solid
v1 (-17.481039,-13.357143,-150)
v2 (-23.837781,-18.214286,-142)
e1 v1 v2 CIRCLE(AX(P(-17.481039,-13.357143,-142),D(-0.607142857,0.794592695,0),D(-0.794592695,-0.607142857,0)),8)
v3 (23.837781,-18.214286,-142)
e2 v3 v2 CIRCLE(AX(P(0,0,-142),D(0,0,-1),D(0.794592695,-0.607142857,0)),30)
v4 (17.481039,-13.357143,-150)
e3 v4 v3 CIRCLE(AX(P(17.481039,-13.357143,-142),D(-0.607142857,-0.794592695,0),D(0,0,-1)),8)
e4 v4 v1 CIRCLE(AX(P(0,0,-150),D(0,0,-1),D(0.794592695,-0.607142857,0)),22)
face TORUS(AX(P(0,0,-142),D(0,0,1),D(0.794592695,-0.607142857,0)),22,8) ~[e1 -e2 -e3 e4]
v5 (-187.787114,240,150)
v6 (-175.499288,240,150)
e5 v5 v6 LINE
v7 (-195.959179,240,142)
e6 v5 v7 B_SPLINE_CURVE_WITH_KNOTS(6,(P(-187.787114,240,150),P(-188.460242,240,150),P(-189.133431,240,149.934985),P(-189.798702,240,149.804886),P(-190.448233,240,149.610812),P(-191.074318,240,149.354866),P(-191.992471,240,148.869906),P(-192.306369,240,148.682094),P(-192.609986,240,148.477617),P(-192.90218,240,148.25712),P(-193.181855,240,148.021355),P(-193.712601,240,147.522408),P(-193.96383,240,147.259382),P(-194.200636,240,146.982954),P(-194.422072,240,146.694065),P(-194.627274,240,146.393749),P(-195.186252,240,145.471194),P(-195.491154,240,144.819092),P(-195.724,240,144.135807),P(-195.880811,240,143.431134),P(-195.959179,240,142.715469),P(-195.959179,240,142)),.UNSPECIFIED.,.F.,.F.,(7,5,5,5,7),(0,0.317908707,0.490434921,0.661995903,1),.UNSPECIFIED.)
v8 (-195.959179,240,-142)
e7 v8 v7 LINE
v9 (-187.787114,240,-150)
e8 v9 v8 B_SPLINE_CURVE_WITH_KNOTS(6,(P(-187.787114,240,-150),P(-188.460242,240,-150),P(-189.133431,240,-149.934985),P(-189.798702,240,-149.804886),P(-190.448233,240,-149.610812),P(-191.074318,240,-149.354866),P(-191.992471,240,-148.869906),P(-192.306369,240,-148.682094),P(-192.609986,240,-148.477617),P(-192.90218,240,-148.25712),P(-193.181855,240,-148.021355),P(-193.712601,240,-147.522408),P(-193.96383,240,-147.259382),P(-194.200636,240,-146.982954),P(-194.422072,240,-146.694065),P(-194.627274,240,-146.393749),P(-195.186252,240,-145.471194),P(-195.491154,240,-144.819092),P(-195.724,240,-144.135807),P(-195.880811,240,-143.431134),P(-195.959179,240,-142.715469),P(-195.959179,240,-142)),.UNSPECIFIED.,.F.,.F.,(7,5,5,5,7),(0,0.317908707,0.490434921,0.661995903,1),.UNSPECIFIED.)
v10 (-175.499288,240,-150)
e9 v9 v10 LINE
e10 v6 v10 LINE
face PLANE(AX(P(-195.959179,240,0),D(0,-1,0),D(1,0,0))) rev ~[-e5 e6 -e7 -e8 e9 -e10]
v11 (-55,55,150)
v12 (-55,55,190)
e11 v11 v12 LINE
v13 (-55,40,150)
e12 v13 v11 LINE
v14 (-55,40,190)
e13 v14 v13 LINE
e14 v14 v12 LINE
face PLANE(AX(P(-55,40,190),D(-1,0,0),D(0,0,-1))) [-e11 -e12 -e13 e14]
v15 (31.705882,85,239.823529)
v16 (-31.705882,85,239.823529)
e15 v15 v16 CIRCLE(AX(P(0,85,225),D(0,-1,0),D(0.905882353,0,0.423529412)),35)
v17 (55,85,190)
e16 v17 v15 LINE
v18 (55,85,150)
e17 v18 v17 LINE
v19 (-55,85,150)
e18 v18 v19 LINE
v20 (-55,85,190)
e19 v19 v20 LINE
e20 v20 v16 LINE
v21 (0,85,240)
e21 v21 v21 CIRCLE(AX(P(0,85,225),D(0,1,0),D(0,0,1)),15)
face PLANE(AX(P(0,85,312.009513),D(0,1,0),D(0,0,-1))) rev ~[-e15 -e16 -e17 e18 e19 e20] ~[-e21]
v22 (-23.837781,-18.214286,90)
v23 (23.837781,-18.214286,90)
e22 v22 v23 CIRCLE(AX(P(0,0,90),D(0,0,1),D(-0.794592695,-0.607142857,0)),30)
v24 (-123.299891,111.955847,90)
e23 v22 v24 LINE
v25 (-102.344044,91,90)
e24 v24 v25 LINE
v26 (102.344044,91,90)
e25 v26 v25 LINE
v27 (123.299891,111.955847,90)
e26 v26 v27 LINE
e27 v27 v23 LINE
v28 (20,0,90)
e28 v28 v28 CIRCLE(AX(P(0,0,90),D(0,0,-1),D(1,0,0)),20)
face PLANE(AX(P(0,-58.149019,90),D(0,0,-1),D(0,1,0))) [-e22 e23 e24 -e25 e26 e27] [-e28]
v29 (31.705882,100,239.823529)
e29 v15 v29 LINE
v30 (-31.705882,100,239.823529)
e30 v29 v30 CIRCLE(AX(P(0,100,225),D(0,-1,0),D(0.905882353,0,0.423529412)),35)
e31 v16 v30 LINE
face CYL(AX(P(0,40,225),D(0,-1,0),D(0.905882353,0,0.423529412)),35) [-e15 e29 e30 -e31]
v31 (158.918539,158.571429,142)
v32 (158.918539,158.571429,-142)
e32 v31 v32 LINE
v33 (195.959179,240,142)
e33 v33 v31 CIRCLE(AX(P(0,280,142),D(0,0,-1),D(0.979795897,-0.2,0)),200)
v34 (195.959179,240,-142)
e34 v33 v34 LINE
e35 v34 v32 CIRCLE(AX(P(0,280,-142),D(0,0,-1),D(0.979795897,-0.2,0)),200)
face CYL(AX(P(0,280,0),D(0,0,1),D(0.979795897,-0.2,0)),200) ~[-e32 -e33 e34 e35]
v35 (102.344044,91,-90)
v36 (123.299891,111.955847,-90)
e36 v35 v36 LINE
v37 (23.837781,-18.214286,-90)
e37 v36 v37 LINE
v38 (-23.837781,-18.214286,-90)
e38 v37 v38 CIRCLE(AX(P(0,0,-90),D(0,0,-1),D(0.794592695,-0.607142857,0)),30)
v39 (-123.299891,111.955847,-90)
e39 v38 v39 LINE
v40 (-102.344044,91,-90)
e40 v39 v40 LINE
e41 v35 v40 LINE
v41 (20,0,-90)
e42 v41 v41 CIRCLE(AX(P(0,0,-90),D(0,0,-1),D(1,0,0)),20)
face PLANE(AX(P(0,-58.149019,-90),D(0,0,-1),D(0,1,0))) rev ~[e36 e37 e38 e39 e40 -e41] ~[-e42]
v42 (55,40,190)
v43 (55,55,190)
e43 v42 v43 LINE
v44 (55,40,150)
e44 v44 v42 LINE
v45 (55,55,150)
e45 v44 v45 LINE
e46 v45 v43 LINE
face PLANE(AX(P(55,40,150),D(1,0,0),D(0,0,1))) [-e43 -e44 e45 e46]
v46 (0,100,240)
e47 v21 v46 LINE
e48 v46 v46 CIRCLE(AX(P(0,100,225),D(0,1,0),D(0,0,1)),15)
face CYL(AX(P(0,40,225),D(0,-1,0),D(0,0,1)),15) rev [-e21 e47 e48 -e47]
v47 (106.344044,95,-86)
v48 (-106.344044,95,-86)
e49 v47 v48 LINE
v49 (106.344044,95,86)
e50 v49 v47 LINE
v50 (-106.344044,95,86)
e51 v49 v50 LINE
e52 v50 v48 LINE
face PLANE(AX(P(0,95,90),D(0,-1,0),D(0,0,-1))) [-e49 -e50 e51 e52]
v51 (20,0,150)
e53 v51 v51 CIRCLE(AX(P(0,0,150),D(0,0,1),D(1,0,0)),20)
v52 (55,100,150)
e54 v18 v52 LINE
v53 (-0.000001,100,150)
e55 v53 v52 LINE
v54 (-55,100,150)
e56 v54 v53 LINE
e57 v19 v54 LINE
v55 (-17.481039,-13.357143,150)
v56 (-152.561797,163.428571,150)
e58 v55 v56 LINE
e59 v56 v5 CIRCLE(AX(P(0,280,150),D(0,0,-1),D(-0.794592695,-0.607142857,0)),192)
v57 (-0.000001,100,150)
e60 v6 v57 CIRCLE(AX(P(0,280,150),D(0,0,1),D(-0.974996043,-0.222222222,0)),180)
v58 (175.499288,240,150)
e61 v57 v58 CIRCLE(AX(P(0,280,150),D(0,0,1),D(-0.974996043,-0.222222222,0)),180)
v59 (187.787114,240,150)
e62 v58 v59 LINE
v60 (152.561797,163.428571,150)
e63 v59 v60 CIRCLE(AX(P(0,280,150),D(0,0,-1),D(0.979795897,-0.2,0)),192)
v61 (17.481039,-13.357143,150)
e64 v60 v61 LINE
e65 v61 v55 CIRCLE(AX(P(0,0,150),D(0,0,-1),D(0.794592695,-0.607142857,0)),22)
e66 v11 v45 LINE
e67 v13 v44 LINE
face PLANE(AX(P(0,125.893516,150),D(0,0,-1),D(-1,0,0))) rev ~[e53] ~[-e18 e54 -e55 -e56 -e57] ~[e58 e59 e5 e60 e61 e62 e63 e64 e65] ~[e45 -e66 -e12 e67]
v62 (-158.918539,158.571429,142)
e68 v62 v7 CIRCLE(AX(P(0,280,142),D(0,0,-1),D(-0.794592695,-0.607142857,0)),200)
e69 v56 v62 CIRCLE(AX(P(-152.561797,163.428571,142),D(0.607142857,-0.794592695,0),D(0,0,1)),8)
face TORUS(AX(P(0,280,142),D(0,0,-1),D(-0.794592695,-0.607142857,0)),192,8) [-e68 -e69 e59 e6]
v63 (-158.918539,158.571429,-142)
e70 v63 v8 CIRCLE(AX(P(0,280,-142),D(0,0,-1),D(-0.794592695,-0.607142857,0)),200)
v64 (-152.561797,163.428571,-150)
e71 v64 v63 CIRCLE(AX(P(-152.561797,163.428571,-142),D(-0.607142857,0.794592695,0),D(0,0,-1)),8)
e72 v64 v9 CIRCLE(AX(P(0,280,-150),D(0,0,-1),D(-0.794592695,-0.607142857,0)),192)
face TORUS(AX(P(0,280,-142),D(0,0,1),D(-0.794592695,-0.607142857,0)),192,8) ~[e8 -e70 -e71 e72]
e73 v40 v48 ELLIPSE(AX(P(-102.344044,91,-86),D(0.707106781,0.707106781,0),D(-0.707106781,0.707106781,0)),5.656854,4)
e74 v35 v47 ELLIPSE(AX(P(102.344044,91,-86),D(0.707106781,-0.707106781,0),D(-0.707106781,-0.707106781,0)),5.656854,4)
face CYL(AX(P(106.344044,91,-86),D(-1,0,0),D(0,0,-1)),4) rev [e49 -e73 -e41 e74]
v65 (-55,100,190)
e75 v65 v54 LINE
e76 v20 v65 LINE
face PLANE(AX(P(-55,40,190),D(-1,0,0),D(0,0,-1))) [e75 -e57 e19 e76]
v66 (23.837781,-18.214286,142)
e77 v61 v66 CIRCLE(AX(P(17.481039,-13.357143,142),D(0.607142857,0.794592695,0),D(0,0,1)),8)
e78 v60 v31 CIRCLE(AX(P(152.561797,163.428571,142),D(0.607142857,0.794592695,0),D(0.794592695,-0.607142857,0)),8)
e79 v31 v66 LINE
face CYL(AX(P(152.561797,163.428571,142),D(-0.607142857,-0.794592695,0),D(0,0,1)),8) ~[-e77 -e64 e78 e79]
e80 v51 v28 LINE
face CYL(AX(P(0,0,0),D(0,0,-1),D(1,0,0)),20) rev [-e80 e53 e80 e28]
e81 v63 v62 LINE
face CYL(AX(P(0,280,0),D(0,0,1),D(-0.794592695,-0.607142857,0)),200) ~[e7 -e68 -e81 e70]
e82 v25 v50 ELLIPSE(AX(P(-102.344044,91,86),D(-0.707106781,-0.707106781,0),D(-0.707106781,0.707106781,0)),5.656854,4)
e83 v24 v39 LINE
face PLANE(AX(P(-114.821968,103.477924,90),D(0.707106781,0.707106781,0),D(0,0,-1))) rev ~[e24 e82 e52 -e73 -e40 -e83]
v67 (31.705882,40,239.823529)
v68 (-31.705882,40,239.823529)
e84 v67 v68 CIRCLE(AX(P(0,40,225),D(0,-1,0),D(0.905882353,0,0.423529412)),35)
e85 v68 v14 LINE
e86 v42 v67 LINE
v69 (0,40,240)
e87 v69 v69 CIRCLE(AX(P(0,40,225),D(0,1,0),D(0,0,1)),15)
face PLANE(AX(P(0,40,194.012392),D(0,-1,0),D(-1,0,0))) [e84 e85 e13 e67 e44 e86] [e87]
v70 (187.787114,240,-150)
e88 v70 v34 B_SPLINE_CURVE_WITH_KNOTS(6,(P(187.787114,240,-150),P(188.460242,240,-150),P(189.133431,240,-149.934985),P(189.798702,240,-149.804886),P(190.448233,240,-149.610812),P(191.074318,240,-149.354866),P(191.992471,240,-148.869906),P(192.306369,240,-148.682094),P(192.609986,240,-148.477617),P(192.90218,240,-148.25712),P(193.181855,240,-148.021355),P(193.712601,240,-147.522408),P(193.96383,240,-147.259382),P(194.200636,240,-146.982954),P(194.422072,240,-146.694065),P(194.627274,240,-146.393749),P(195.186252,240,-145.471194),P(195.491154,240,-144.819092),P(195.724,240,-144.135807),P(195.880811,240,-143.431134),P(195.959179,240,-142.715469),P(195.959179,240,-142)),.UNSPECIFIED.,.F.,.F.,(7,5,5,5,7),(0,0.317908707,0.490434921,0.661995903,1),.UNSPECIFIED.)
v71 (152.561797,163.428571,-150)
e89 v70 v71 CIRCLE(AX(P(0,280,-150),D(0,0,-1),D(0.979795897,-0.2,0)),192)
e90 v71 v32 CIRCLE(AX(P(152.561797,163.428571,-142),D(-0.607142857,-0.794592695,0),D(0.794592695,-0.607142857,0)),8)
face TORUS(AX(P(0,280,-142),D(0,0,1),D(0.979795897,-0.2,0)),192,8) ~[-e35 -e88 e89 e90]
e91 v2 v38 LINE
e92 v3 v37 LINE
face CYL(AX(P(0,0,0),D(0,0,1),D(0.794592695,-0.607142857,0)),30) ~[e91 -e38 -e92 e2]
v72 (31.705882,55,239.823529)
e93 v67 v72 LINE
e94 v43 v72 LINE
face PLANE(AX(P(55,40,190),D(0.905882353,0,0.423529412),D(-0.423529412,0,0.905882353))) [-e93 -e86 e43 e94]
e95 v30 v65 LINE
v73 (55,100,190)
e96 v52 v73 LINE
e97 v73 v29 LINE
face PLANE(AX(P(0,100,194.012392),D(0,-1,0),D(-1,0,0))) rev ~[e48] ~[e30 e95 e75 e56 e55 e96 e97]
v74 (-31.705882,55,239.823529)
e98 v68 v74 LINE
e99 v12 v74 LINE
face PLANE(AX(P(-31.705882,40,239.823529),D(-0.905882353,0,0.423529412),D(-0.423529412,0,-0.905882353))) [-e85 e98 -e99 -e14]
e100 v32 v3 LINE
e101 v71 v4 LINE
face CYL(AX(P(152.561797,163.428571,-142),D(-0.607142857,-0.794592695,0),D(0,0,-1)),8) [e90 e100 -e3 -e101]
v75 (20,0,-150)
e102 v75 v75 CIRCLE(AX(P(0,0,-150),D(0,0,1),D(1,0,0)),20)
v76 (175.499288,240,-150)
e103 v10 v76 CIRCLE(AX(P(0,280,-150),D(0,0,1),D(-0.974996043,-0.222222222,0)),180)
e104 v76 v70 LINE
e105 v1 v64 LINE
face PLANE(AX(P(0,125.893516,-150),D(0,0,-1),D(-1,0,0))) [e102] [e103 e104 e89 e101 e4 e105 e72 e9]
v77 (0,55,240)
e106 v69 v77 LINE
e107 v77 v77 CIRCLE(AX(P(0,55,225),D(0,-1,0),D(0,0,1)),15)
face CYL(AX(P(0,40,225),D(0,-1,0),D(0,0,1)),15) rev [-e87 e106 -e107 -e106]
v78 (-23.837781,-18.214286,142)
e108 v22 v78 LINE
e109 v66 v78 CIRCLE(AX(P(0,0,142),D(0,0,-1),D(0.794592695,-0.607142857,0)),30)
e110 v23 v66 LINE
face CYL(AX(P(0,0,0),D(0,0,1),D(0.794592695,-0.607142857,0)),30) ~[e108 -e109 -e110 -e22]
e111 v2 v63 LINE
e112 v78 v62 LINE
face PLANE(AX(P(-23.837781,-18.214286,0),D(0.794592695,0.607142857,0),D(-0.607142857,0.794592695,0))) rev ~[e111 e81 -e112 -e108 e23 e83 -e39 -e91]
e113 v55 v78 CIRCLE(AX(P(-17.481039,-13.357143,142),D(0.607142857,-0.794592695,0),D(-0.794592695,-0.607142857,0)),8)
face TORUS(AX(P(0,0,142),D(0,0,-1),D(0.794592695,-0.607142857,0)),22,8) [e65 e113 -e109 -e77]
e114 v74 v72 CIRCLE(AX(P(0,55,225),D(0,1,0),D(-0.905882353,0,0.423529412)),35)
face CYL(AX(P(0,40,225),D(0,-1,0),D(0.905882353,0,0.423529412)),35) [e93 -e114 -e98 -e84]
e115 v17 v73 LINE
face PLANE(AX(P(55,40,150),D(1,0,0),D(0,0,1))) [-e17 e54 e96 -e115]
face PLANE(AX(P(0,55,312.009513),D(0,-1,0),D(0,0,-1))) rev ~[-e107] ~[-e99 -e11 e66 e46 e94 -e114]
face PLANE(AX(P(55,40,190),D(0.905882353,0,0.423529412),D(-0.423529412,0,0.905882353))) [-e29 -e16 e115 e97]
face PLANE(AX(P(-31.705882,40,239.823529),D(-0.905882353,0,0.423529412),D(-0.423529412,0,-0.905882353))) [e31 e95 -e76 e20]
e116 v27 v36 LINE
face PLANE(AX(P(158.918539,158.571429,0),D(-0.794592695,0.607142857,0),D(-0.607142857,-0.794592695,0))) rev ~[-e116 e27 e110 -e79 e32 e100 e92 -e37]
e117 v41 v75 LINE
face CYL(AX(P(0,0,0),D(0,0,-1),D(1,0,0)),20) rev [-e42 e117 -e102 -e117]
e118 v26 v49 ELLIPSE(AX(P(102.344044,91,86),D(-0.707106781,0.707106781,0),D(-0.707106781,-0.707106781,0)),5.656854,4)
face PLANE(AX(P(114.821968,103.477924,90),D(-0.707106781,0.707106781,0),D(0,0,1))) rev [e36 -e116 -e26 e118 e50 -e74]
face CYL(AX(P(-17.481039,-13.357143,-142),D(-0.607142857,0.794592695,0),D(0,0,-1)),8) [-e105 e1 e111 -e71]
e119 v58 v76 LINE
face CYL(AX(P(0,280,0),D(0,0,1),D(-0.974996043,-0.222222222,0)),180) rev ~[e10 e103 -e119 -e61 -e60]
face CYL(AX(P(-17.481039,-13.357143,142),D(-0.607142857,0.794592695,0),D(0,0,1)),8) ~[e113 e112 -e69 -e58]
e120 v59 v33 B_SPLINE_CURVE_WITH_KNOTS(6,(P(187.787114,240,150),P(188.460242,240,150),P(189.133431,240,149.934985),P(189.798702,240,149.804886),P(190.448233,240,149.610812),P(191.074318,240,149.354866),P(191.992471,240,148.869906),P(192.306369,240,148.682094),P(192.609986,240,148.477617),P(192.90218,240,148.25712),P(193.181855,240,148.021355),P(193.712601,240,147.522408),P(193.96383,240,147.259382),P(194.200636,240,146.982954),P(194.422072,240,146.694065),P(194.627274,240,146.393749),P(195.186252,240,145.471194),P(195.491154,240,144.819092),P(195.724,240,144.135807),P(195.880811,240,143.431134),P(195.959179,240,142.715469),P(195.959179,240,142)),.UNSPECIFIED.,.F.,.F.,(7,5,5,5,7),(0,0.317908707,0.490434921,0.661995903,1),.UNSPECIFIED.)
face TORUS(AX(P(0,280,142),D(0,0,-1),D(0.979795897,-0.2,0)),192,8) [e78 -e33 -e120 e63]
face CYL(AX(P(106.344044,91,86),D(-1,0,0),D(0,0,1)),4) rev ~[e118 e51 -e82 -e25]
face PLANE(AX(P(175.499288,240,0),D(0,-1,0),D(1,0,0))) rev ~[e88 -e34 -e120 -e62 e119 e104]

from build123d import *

# Parameters (mm, degrees)
SKETCH1_R               = 20
BOSS_EXTRUDE1_DEPTH     = 150
BOSS_EXTRUDE2_START     = 40
SKETCH2_R               = 15
BOSS_EXTRUDE2_DEPTH     = 60
SKETCH3_W               = 162.009512726
SKETCH3_H               = 30
CUT_EXTRUDE1_DEPTH      = 405.474968323
CUT_EXTRUDE1_DEPTH_BACK = 405.474968323
SKETCH4_W               = 180
SKETCH4_H               = 153.149018845
CUT_EXTRUDE2_DEPTH      = 405.474968323
CUT_EXTRUDE2_DEPTH_BACK = 405.474968323
CHAMFER1_SIZE           = 4
CHAMFER1_SIZE2          = 21.339042193
CHAMFER1_EDGE_2_SIZE    = 4
CHAMFER1_EDGE_2_SIZE2   = 21.339042193
FILLET1_R               = 4
FILLET2_R               = 8


with BuildPart() as part:
    # Sketch1 → Boss-Extrude1 (new, symmetric)
    with BuildSketch(Plane.XY):
        with BuildLine():
            Line((-195.959179423, 240), (-175.499287748, 240))
            ThreePointArc((-175.499287748, 240), (0, 100), (175.499287748, 240))
            Line((175.499287748, 240), (195.959179423, 240))
            ThreePointArc((195.959179423, 240), (182.049998135, 197.188176092), (158.918539009, 158.571428571))
            Line((158.918539009, 158.571428571), (23.837780851, -18.214285714))
            ThreePointArc((23.837780851, -18.214285714), (0, -30), (-23.837780851, -18.214285714))
            Line((-23.837780851, -18.214285714), (-158.918539009, 158.571428571))
            ThreePointArc((-158.918539009, 158.571428571), (-182.049998135, 197.188176092), (-195.959179423, 240))
        make_face()
        Circle(SKETCH1_R, mode=Mode.SUBTRACT)
    extrude(amount=BOSS_EXTRUDE1_DEPTH, both=True)

    # Sketch2 → Boss-Extrude2 (add)
    with BuildSketch(Plane(origin=(0, 0, 0), x_dir=(1, 0, 0), z_dir=(0, 1, 0)).offset(BOSS_EXTRUDE2_START)):
        with BuildLine():
            Line((-55, -150), (55, -150))
            Line((55, -150), (55, -190))
            Line((55, -190), (31.705882353, -239.823529412))
            ThreePointArc((31.705882353, -239.823529412), (0, -260), (-31.705882353, -239.823529412))
            Line((-31.705882353, -239.823529412), (-55, -190))
            Line((-55, -190), (-55, -150))
        make_face()
        with Locations(Location((0, -225, 0), (0, 0, 270))):
            Circle(SKETCH2_R, mode=Mode.SUBTRACT)
    extrude(amount=BOSS_EXTRUDE2_DEPTH)

    # Sketch3 → Cut-Extrude1 (cut, two sides)
    with BuildSketch(Plane(origin=(0, 0, 0), x_dir=(0, 0, -1), z_dir=(1, 0, 0))) as cut_extrude1_sk:
        with Locations((-231.004756363, 70)):
            Rectangle(SKETCH3_W, SKETCH3_H)
    extrude(amount=CUT_EXTRUDE1_DEPTH, mode=Mode.SUBTRACT)
    extrude(cut_extrude1_sk.sketch, amount=-CUT_EXTRUDE1_DEPTH_BACK, mode=Mode.SUBTRACT)

    # Sketch4 → Cut-Extrude2 (cut, two sides)
    with BuildSketch(Plane(origin=(0, 0, 0), x_dir=(0, 0, -1), z_dir=(1, 0, 0))) as cut_extrude2_sk:
        with Locations((0, 18.425490577)):
            Rectangle(SKETCH4_W, SKETCH4_H)
    extrude(amount=CUT_EXTRUDE2_DEPTH, mode=Mode.SUBTRACT)
    extrude(cut_extrude2_sk.sketch, amount=-CUT_EXTRUDE2_DEPTH_BACK, mode=Mode.SUBTRACT)

    # Chamfer1
    chamfer1_edges = [part.edges().sort_by_distance(p)[0] for p in [
        (110.344044156, 95, 0),
    ]]
    chamfer1_side = [part.faces().sort_by_distance(p)[0] for p in [
        (0, 95, 0),
    ]]
    chamfer(chamfer1_edges, length=CHAMFER1_SIZE, length2=CHAMFER1_SIZE2, reference=chamfer1_side[0])

    # Chamfer1 edge 2
    chamfer1_edge_2_edges = [part.edges().sort_by_distance(p)[0] for p in [
        (-110.344044156, 95, 0),
    ]]
    chamfer1_edge_2_side = [part.faces().sort_by_distance(p)[0] for p in [
        (0, 95, 0),
    ]]
    chamfer(chamfer1_edge_2_edges, length=CHAMFER1_EDGE_2_SIZE, length2=CHAMFER1_EDGE_2_SIZE2, reference=chamfer1_edge_2_side[0])

    # Fillet1
    fillet1_edges = [part.edges().sort_by_distance(p)[0] for p in [
        (0, 95, -90),
        (0, 95, 90),
    ]]
    fillet(fillet1_edges, radius=FILLET1_R)

    # Fillet2
    fillet2_edges = [part.edges().sort_by_distance(p)[0] for p in [
        (-91.37815993, 70.178571429, -150),
        (-182.049998135, 197.188176092, -150),
        (-182.049998135, 197.188176092, 150),
        (-91.37815993, 70.178571429, 150),
        (0, -30, 150),
        (91.37815993, 70.178571429, 150),
        (182.049998135, 197.188176092, 150),
        (182.049998135, 197.188176092, -150),
        (91.37815993, 70.178571429, -150),
        (0, -30, -150),
    ]]
    fillet(fillet2_edges, radius=FILLET2_R)


solid = part.part
